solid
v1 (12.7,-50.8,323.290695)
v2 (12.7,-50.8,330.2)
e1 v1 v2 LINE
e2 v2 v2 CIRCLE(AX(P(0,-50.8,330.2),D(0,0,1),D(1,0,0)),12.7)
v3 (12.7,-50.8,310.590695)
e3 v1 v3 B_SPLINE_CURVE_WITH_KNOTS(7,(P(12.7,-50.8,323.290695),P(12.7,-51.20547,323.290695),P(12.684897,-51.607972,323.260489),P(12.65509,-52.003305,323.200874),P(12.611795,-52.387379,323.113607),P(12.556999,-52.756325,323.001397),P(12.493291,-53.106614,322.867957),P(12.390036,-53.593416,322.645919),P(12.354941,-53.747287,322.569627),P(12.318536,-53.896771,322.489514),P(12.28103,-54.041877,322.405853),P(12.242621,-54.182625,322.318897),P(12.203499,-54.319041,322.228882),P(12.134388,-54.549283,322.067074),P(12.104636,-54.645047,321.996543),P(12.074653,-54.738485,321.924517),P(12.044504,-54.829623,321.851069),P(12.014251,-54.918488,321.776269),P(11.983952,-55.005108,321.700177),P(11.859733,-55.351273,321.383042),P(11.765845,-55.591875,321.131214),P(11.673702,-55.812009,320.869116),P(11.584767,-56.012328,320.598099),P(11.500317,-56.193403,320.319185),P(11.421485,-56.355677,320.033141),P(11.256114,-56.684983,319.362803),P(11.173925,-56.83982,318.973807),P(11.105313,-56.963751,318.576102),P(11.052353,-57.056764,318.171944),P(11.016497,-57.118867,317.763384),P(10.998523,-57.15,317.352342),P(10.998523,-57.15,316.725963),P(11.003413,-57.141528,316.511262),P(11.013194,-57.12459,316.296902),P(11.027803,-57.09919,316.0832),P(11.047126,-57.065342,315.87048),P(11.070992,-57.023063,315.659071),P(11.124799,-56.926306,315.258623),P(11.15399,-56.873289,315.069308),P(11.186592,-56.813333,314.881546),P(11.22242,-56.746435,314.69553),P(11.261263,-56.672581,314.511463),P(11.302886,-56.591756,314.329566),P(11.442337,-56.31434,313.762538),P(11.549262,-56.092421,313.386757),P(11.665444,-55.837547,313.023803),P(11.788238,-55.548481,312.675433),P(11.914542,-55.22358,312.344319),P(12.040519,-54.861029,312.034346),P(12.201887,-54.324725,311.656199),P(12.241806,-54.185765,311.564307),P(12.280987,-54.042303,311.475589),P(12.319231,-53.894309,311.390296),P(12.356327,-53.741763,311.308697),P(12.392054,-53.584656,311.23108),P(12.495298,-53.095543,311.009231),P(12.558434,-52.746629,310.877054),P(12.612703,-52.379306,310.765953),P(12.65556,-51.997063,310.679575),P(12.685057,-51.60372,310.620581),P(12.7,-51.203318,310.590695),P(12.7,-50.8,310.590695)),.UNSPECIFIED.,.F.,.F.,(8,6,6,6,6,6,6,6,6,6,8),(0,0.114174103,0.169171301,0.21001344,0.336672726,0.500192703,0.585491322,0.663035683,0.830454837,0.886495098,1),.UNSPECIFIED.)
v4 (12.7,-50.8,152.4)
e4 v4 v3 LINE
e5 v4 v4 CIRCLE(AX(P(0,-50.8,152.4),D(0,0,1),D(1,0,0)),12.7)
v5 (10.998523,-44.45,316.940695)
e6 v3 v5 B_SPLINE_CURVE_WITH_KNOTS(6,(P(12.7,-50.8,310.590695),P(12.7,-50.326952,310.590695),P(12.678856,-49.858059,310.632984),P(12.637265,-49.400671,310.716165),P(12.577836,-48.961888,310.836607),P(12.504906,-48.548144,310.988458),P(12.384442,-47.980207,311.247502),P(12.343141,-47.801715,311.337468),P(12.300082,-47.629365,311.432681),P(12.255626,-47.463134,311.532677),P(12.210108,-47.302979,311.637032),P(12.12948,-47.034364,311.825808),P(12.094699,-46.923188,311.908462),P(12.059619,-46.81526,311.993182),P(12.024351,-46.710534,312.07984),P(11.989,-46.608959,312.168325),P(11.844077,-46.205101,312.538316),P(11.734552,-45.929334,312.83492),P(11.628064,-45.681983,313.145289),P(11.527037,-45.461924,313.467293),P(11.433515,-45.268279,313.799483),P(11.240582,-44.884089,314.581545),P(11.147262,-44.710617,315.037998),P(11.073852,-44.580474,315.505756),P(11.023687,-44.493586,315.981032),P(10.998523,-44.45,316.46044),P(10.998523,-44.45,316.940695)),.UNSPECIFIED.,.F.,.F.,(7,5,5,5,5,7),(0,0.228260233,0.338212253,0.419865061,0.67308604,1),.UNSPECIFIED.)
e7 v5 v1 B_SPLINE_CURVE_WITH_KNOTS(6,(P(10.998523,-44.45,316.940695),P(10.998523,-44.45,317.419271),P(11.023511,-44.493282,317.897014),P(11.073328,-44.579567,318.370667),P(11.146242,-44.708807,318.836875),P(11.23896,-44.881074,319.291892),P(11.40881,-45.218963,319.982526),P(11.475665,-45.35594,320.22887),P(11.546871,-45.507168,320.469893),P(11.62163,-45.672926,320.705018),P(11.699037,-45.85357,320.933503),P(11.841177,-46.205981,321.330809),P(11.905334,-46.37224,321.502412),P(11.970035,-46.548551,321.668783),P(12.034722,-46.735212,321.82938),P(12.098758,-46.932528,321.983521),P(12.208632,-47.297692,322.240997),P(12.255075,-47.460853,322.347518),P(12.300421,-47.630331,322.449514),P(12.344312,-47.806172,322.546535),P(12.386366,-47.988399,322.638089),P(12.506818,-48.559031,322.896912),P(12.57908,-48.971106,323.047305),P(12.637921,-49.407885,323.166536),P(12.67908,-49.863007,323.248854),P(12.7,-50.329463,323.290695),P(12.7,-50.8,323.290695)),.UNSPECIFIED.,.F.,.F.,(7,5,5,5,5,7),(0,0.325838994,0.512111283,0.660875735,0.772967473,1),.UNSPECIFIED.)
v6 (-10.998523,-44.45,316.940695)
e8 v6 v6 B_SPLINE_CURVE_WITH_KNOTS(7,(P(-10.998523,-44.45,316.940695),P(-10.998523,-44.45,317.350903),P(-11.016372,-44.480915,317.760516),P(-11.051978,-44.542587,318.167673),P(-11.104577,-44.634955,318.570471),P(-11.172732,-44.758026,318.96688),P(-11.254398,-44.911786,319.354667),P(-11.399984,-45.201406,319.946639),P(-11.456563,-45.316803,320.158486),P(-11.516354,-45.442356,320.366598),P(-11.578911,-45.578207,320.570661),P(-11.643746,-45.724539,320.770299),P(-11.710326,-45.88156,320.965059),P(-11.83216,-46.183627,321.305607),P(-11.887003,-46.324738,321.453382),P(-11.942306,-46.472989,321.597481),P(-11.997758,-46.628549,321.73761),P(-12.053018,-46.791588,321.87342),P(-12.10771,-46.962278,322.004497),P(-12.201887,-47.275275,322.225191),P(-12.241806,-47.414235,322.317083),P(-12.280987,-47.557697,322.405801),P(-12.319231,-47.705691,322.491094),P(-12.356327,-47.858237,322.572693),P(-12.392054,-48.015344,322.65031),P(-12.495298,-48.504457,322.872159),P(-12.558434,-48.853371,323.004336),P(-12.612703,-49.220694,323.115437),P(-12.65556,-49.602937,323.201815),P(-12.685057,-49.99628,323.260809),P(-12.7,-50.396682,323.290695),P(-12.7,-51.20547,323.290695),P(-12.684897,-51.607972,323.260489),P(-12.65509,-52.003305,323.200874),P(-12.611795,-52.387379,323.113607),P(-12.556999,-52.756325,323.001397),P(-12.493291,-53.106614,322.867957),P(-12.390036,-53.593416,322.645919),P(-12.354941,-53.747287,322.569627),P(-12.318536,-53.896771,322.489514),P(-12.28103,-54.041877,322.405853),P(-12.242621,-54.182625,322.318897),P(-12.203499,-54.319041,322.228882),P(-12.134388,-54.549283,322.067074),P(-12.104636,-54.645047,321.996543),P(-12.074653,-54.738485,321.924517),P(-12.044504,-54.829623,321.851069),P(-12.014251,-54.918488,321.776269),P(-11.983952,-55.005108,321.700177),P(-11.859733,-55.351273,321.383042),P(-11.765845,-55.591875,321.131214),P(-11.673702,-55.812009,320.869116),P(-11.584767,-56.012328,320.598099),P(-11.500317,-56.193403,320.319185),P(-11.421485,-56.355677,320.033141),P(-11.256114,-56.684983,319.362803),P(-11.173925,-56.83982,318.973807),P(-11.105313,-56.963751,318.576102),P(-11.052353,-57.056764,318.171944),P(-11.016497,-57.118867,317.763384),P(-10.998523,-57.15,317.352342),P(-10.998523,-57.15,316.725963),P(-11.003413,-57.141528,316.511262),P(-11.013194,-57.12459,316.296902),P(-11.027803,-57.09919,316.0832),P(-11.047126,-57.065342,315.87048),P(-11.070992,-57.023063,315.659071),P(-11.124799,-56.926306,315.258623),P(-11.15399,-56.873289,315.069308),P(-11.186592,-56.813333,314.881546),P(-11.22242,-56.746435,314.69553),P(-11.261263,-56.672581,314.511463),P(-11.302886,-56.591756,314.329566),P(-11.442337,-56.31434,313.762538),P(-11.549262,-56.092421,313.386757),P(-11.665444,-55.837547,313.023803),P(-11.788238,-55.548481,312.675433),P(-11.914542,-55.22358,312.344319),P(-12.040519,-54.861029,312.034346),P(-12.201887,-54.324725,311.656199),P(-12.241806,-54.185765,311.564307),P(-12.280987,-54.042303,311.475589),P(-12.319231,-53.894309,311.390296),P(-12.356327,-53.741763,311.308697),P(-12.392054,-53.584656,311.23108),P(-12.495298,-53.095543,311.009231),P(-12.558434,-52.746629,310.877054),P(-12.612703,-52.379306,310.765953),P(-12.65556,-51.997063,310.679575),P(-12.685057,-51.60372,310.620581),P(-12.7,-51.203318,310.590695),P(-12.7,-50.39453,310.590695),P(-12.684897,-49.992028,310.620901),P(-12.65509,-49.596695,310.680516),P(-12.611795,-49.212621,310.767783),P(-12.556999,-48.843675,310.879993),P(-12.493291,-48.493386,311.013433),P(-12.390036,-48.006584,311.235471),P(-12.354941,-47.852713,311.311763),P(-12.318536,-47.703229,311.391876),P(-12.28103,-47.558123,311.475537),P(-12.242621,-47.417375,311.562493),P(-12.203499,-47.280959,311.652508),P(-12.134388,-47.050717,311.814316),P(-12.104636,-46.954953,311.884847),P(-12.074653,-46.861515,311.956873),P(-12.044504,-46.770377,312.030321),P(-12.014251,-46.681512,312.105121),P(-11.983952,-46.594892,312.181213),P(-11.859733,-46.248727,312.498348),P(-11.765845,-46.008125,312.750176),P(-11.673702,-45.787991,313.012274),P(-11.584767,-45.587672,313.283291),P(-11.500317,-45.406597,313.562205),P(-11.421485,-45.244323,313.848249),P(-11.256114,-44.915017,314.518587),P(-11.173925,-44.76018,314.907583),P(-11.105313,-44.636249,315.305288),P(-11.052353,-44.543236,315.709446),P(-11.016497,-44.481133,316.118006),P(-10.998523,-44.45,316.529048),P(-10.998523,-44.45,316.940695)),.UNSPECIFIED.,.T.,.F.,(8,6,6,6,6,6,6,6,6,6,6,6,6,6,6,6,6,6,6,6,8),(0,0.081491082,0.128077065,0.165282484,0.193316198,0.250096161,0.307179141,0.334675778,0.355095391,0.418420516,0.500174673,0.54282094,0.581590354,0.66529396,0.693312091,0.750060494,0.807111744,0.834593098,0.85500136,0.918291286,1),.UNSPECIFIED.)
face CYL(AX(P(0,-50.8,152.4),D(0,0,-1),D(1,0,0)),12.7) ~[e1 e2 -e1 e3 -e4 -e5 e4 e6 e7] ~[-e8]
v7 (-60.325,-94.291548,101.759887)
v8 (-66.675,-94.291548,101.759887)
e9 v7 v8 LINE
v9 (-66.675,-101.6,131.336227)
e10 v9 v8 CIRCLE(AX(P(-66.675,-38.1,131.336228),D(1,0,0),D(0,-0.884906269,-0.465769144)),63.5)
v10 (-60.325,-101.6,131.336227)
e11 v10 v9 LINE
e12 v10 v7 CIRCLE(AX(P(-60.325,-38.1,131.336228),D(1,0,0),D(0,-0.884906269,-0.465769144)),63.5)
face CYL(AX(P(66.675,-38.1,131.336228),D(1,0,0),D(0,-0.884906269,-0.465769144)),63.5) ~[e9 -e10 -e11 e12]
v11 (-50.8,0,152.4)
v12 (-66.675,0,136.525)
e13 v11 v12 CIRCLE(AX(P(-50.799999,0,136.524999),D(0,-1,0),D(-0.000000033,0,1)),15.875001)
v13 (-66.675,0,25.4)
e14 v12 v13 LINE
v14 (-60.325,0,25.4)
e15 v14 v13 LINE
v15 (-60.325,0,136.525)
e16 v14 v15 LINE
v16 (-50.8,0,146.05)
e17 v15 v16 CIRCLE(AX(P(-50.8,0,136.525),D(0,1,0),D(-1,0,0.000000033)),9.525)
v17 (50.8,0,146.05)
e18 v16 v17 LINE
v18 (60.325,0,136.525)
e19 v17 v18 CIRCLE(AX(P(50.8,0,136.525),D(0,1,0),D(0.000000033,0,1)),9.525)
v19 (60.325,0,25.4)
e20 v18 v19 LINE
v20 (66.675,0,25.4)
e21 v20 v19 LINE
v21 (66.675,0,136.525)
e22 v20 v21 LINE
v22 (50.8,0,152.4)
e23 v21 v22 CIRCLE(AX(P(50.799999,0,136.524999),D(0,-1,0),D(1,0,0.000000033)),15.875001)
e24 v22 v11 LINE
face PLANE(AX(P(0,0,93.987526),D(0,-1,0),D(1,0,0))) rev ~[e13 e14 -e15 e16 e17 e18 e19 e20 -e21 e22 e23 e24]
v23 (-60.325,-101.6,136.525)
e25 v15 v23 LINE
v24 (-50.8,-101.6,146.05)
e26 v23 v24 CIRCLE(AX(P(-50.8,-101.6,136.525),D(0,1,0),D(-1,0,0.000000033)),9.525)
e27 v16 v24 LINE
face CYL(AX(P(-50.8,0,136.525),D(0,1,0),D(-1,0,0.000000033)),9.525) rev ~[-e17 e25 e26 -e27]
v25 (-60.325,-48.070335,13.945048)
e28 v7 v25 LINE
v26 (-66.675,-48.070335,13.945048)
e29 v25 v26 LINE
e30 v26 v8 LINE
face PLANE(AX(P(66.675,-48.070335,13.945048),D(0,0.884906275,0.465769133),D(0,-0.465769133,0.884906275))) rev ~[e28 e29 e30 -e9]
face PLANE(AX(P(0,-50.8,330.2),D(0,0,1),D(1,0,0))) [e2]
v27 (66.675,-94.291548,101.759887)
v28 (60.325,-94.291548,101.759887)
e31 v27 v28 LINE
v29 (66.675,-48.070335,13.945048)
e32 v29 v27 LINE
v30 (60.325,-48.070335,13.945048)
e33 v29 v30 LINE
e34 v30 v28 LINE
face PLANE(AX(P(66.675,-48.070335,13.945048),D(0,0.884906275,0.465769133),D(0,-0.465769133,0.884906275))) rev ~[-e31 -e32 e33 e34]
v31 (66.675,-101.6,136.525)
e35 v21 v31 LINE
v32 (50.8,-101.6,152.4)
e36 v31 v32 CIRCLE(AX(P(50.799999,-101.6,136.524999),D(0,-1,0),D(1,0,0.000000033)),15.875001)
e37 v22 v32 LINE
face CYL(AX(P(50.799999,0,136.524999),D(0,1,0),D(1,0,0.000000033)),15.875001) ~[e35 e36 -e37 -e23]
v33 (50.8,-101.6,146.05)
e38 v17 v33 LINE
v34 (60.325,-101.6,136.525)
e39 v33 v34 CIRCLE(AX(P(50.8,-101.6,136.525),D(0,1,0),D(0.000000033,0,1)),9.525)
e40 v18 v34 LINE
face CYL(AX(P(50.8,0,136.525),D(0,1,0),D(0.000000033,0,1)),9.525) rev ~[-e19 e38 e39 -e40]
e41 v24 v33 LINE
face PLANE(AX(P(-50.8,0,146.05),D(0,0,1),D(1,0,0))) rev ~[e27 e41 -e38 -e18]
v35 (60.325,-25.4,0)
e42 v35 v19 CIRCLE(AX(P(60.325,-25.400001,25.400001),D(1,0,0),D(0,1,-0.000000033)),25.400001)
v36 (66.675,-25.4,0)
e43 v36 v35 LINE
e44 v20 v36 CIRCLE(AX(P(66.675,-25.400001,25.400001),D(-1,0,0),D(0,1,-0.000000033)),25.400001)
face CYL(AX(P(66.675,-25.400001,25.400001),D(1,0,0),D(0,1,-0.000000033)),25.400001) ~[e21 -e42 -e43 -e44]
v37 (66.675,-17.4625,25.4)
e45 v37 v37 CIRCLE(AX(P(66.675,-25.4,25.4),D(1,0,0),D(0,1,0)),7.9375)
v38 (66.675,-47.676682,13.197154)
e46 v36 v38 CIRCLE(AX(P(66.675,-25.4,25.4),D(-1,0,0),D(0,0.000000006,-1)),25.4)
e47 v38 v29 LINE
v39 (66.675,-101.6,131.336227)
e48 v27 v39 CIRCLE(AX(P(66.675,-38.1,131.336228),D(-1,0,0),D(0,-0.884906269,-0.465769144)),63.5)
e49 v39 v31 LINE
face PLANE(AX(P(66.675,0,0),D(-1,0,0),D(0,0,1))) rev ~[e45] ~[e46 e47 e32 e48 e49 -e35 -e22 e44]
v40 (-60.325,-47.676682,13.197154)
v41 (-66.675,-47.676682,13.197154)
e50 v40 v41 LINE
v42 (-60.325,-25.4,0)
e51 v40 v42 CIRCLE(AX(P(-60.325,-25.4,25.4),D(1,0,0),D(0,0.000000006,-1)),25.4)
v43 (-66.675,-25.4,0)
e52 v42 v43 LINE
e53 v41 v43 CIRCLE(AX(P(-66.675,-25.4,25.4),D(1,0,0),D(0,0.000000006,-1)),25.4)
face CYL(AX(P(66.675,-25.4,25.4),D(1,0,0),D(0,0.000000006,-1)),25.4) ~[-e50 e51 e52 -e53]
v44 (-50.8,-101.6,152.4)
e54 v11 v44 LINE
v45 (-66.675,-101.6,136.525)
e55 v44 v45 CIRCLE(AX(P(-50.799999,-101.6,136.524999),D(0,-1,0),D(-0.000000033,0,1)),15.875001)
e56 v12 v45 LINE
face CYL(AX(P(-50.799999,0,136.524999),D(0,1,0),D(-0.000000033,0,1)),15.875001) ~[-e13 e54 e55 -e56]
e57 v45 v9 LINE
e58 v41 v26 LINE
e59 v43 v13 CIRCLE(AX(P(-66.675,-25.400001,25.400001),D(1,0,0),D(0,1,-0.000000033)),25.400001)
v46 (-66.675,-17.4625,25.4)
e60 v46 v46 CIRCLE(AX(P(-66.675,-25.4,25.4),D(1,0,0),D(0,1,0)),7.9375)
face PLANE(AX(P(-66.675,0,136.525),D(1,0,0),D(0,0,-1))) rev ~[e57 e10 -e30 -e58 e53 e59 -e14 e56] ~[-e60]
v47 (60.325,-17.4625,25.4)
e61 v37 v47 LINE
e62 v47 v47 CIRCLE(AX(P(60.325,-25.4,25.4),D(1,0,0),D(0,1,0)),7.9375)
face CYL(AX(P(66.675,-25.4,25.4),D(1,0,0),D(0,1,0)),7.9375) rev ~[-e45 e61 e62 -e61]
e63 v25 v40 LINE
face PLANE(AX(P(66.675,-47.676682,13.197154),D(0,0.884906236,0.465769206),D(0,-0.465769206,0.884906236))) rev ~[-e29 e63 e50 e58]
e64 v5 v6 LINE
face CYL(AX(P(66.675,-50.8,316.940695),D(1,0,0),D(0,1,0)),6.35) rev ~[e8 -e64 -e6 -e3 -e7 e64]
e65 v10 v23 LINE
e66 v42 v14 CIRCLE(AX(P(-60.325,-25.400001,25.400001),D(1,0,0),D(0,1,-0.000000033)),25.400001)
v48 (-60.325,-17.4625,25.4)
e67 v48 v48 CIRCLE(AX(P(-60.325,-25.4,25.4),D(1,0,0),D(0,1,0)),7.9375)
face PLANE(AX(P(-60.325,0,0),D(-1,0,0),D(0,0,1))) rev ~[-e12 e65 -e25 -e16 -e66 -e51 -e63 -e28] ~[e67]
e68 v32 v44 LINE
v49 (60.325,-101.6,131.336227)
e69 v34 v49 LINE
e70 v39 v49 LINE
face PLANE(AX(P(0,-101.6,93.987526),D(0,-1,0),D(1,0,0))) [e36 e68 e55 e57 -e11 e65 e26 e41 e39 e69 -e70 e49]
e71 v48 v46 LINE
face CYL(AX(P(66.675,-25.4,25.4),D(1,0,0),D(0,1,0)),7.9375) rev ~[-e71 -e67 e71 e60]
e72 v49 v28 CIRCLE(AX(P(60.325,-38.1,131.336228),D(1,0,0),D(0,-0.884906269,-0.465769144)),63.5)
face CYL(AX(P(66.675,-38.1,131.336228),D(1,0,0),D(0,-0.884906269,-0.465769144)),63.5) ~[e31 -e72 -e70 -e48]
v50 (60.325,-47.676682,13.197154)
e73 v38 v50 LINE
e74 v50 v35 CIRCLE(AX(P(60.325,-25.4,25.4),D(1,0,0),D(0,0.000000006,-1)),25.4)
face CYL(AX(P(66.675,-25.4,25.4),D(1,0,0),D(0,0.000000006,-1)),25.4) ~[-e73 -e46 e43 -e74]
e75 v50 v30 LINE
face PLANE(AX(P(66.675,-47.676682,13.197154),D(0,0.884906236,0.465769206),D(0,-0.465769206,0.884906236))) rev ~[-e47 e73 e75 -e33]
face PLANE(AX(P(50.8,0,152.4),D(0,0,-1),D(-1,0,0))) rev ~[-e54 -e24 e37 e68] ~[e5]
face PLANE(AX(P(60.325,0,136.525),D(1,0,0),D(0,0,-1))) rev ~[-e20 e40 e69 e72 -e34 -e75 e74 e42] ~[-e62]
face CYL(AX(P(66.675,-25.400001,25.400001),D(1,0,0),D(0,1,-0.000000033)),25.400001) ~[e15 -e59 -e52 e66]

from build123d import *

# Parameters (mm, degrees)
F1_DEPTH = 101.6
F2_R     = 12.7
F3_DEPTH = 177.8
F4_R     = 7.9375
F4_R_2   = 6.35
F5_DEPTH = 177.8


with BuildPart() as f1:
    # F0 (on Front) → F1 (new body)
    with BuildSketch(Plane.XZ):
        with BuildLine():
            Line((-66.675, 136.525), (-66.675, 0))
            Line((-66.675, 0), (-60.325, 0))
            Line((-60.325, 0), (-60.325, 136.525))
            ThreePointArc((-60.325, 136.525), (-57.535192, 143.260192), (-50.8, 146.05))
            Line((-50.8, 146.05), (50.8, 146.05))
            ThreePointArc((50.8, 146.05), (57.535192, 143.260192), (60.325, 136.525))
            Line((60.325, 136.525), (60.325, 0))
            Line((60.325, 0), (66.675, 0))
            Line((66.675, 0), (66.675, 136.525))
            ThreePointArc((66.675, 136.525), (62.02532, 147.75032), (50.8, 152.4))
            Line((50.8, 152.4), (-50.8, 152.4))
            ThreePointArc((-50.8, 152.4), (-62.02532, 147.75032), (-66.675, 136.525))
        make_face()
    extrude(amount=F1_DEPTH)

    # F2 (on face) → F3 (join)
    with BuildSketch(Plane.XY.offset(152.4)):
        with Locations((0, -50.8)):
            Circle(F2_R)
    extrude(amount=F3_DEPTH)

    # F4 (on face) → F5 (cut)
    with BuildSketch(Plane.YZ.offset(66.675)):
        with BuildLine():
            Line((-101.6, 131.336227), (-101.6, 0))
            Line((-101.6, 0), (-25.4, 0))
            ThreePointArc((-25.4, 0), (-38.346191, 3.546942), (-47.676682, 13.197154))
            ThreePointArc((-47.676682, 13.197154), (-47.876619, 13.569464), (-48.070335, 13.945048))
            Line((-48.070335, 13.945048), (-94.291548, 101.759887))
            ThreePointArc((-94.291548, 101.759887), (-99.745816, 116.103258), (-101.6, 131.336227))
        make_face()
        with BuildLine():
            ThreePointArc((-48.070335, 13.945048), (-47.876619, 13.569464), (-47.676682, 13.197154))
            Line((-47.676682, 13.197154), (-48.070335, 13.945048))
        make_face()
        with Locations((-25.4, 25.4)):
            Circle(F4_R)
        with Locations((-50.8, 316.940695)):
            Circle(F4_R_2)
        with BuildLine():
            ThreePointArc((0, 25.4), (-7.439488, 7.439488), (-25.4, 0))
            Line((-25.4, 0), (0, 0))
            Line((0, 0), (0, 25.4))
        make_face()
    extrude(amount=-F5_DEPTH, mode=Mode.SUBTRACT)


solid = f1.part
